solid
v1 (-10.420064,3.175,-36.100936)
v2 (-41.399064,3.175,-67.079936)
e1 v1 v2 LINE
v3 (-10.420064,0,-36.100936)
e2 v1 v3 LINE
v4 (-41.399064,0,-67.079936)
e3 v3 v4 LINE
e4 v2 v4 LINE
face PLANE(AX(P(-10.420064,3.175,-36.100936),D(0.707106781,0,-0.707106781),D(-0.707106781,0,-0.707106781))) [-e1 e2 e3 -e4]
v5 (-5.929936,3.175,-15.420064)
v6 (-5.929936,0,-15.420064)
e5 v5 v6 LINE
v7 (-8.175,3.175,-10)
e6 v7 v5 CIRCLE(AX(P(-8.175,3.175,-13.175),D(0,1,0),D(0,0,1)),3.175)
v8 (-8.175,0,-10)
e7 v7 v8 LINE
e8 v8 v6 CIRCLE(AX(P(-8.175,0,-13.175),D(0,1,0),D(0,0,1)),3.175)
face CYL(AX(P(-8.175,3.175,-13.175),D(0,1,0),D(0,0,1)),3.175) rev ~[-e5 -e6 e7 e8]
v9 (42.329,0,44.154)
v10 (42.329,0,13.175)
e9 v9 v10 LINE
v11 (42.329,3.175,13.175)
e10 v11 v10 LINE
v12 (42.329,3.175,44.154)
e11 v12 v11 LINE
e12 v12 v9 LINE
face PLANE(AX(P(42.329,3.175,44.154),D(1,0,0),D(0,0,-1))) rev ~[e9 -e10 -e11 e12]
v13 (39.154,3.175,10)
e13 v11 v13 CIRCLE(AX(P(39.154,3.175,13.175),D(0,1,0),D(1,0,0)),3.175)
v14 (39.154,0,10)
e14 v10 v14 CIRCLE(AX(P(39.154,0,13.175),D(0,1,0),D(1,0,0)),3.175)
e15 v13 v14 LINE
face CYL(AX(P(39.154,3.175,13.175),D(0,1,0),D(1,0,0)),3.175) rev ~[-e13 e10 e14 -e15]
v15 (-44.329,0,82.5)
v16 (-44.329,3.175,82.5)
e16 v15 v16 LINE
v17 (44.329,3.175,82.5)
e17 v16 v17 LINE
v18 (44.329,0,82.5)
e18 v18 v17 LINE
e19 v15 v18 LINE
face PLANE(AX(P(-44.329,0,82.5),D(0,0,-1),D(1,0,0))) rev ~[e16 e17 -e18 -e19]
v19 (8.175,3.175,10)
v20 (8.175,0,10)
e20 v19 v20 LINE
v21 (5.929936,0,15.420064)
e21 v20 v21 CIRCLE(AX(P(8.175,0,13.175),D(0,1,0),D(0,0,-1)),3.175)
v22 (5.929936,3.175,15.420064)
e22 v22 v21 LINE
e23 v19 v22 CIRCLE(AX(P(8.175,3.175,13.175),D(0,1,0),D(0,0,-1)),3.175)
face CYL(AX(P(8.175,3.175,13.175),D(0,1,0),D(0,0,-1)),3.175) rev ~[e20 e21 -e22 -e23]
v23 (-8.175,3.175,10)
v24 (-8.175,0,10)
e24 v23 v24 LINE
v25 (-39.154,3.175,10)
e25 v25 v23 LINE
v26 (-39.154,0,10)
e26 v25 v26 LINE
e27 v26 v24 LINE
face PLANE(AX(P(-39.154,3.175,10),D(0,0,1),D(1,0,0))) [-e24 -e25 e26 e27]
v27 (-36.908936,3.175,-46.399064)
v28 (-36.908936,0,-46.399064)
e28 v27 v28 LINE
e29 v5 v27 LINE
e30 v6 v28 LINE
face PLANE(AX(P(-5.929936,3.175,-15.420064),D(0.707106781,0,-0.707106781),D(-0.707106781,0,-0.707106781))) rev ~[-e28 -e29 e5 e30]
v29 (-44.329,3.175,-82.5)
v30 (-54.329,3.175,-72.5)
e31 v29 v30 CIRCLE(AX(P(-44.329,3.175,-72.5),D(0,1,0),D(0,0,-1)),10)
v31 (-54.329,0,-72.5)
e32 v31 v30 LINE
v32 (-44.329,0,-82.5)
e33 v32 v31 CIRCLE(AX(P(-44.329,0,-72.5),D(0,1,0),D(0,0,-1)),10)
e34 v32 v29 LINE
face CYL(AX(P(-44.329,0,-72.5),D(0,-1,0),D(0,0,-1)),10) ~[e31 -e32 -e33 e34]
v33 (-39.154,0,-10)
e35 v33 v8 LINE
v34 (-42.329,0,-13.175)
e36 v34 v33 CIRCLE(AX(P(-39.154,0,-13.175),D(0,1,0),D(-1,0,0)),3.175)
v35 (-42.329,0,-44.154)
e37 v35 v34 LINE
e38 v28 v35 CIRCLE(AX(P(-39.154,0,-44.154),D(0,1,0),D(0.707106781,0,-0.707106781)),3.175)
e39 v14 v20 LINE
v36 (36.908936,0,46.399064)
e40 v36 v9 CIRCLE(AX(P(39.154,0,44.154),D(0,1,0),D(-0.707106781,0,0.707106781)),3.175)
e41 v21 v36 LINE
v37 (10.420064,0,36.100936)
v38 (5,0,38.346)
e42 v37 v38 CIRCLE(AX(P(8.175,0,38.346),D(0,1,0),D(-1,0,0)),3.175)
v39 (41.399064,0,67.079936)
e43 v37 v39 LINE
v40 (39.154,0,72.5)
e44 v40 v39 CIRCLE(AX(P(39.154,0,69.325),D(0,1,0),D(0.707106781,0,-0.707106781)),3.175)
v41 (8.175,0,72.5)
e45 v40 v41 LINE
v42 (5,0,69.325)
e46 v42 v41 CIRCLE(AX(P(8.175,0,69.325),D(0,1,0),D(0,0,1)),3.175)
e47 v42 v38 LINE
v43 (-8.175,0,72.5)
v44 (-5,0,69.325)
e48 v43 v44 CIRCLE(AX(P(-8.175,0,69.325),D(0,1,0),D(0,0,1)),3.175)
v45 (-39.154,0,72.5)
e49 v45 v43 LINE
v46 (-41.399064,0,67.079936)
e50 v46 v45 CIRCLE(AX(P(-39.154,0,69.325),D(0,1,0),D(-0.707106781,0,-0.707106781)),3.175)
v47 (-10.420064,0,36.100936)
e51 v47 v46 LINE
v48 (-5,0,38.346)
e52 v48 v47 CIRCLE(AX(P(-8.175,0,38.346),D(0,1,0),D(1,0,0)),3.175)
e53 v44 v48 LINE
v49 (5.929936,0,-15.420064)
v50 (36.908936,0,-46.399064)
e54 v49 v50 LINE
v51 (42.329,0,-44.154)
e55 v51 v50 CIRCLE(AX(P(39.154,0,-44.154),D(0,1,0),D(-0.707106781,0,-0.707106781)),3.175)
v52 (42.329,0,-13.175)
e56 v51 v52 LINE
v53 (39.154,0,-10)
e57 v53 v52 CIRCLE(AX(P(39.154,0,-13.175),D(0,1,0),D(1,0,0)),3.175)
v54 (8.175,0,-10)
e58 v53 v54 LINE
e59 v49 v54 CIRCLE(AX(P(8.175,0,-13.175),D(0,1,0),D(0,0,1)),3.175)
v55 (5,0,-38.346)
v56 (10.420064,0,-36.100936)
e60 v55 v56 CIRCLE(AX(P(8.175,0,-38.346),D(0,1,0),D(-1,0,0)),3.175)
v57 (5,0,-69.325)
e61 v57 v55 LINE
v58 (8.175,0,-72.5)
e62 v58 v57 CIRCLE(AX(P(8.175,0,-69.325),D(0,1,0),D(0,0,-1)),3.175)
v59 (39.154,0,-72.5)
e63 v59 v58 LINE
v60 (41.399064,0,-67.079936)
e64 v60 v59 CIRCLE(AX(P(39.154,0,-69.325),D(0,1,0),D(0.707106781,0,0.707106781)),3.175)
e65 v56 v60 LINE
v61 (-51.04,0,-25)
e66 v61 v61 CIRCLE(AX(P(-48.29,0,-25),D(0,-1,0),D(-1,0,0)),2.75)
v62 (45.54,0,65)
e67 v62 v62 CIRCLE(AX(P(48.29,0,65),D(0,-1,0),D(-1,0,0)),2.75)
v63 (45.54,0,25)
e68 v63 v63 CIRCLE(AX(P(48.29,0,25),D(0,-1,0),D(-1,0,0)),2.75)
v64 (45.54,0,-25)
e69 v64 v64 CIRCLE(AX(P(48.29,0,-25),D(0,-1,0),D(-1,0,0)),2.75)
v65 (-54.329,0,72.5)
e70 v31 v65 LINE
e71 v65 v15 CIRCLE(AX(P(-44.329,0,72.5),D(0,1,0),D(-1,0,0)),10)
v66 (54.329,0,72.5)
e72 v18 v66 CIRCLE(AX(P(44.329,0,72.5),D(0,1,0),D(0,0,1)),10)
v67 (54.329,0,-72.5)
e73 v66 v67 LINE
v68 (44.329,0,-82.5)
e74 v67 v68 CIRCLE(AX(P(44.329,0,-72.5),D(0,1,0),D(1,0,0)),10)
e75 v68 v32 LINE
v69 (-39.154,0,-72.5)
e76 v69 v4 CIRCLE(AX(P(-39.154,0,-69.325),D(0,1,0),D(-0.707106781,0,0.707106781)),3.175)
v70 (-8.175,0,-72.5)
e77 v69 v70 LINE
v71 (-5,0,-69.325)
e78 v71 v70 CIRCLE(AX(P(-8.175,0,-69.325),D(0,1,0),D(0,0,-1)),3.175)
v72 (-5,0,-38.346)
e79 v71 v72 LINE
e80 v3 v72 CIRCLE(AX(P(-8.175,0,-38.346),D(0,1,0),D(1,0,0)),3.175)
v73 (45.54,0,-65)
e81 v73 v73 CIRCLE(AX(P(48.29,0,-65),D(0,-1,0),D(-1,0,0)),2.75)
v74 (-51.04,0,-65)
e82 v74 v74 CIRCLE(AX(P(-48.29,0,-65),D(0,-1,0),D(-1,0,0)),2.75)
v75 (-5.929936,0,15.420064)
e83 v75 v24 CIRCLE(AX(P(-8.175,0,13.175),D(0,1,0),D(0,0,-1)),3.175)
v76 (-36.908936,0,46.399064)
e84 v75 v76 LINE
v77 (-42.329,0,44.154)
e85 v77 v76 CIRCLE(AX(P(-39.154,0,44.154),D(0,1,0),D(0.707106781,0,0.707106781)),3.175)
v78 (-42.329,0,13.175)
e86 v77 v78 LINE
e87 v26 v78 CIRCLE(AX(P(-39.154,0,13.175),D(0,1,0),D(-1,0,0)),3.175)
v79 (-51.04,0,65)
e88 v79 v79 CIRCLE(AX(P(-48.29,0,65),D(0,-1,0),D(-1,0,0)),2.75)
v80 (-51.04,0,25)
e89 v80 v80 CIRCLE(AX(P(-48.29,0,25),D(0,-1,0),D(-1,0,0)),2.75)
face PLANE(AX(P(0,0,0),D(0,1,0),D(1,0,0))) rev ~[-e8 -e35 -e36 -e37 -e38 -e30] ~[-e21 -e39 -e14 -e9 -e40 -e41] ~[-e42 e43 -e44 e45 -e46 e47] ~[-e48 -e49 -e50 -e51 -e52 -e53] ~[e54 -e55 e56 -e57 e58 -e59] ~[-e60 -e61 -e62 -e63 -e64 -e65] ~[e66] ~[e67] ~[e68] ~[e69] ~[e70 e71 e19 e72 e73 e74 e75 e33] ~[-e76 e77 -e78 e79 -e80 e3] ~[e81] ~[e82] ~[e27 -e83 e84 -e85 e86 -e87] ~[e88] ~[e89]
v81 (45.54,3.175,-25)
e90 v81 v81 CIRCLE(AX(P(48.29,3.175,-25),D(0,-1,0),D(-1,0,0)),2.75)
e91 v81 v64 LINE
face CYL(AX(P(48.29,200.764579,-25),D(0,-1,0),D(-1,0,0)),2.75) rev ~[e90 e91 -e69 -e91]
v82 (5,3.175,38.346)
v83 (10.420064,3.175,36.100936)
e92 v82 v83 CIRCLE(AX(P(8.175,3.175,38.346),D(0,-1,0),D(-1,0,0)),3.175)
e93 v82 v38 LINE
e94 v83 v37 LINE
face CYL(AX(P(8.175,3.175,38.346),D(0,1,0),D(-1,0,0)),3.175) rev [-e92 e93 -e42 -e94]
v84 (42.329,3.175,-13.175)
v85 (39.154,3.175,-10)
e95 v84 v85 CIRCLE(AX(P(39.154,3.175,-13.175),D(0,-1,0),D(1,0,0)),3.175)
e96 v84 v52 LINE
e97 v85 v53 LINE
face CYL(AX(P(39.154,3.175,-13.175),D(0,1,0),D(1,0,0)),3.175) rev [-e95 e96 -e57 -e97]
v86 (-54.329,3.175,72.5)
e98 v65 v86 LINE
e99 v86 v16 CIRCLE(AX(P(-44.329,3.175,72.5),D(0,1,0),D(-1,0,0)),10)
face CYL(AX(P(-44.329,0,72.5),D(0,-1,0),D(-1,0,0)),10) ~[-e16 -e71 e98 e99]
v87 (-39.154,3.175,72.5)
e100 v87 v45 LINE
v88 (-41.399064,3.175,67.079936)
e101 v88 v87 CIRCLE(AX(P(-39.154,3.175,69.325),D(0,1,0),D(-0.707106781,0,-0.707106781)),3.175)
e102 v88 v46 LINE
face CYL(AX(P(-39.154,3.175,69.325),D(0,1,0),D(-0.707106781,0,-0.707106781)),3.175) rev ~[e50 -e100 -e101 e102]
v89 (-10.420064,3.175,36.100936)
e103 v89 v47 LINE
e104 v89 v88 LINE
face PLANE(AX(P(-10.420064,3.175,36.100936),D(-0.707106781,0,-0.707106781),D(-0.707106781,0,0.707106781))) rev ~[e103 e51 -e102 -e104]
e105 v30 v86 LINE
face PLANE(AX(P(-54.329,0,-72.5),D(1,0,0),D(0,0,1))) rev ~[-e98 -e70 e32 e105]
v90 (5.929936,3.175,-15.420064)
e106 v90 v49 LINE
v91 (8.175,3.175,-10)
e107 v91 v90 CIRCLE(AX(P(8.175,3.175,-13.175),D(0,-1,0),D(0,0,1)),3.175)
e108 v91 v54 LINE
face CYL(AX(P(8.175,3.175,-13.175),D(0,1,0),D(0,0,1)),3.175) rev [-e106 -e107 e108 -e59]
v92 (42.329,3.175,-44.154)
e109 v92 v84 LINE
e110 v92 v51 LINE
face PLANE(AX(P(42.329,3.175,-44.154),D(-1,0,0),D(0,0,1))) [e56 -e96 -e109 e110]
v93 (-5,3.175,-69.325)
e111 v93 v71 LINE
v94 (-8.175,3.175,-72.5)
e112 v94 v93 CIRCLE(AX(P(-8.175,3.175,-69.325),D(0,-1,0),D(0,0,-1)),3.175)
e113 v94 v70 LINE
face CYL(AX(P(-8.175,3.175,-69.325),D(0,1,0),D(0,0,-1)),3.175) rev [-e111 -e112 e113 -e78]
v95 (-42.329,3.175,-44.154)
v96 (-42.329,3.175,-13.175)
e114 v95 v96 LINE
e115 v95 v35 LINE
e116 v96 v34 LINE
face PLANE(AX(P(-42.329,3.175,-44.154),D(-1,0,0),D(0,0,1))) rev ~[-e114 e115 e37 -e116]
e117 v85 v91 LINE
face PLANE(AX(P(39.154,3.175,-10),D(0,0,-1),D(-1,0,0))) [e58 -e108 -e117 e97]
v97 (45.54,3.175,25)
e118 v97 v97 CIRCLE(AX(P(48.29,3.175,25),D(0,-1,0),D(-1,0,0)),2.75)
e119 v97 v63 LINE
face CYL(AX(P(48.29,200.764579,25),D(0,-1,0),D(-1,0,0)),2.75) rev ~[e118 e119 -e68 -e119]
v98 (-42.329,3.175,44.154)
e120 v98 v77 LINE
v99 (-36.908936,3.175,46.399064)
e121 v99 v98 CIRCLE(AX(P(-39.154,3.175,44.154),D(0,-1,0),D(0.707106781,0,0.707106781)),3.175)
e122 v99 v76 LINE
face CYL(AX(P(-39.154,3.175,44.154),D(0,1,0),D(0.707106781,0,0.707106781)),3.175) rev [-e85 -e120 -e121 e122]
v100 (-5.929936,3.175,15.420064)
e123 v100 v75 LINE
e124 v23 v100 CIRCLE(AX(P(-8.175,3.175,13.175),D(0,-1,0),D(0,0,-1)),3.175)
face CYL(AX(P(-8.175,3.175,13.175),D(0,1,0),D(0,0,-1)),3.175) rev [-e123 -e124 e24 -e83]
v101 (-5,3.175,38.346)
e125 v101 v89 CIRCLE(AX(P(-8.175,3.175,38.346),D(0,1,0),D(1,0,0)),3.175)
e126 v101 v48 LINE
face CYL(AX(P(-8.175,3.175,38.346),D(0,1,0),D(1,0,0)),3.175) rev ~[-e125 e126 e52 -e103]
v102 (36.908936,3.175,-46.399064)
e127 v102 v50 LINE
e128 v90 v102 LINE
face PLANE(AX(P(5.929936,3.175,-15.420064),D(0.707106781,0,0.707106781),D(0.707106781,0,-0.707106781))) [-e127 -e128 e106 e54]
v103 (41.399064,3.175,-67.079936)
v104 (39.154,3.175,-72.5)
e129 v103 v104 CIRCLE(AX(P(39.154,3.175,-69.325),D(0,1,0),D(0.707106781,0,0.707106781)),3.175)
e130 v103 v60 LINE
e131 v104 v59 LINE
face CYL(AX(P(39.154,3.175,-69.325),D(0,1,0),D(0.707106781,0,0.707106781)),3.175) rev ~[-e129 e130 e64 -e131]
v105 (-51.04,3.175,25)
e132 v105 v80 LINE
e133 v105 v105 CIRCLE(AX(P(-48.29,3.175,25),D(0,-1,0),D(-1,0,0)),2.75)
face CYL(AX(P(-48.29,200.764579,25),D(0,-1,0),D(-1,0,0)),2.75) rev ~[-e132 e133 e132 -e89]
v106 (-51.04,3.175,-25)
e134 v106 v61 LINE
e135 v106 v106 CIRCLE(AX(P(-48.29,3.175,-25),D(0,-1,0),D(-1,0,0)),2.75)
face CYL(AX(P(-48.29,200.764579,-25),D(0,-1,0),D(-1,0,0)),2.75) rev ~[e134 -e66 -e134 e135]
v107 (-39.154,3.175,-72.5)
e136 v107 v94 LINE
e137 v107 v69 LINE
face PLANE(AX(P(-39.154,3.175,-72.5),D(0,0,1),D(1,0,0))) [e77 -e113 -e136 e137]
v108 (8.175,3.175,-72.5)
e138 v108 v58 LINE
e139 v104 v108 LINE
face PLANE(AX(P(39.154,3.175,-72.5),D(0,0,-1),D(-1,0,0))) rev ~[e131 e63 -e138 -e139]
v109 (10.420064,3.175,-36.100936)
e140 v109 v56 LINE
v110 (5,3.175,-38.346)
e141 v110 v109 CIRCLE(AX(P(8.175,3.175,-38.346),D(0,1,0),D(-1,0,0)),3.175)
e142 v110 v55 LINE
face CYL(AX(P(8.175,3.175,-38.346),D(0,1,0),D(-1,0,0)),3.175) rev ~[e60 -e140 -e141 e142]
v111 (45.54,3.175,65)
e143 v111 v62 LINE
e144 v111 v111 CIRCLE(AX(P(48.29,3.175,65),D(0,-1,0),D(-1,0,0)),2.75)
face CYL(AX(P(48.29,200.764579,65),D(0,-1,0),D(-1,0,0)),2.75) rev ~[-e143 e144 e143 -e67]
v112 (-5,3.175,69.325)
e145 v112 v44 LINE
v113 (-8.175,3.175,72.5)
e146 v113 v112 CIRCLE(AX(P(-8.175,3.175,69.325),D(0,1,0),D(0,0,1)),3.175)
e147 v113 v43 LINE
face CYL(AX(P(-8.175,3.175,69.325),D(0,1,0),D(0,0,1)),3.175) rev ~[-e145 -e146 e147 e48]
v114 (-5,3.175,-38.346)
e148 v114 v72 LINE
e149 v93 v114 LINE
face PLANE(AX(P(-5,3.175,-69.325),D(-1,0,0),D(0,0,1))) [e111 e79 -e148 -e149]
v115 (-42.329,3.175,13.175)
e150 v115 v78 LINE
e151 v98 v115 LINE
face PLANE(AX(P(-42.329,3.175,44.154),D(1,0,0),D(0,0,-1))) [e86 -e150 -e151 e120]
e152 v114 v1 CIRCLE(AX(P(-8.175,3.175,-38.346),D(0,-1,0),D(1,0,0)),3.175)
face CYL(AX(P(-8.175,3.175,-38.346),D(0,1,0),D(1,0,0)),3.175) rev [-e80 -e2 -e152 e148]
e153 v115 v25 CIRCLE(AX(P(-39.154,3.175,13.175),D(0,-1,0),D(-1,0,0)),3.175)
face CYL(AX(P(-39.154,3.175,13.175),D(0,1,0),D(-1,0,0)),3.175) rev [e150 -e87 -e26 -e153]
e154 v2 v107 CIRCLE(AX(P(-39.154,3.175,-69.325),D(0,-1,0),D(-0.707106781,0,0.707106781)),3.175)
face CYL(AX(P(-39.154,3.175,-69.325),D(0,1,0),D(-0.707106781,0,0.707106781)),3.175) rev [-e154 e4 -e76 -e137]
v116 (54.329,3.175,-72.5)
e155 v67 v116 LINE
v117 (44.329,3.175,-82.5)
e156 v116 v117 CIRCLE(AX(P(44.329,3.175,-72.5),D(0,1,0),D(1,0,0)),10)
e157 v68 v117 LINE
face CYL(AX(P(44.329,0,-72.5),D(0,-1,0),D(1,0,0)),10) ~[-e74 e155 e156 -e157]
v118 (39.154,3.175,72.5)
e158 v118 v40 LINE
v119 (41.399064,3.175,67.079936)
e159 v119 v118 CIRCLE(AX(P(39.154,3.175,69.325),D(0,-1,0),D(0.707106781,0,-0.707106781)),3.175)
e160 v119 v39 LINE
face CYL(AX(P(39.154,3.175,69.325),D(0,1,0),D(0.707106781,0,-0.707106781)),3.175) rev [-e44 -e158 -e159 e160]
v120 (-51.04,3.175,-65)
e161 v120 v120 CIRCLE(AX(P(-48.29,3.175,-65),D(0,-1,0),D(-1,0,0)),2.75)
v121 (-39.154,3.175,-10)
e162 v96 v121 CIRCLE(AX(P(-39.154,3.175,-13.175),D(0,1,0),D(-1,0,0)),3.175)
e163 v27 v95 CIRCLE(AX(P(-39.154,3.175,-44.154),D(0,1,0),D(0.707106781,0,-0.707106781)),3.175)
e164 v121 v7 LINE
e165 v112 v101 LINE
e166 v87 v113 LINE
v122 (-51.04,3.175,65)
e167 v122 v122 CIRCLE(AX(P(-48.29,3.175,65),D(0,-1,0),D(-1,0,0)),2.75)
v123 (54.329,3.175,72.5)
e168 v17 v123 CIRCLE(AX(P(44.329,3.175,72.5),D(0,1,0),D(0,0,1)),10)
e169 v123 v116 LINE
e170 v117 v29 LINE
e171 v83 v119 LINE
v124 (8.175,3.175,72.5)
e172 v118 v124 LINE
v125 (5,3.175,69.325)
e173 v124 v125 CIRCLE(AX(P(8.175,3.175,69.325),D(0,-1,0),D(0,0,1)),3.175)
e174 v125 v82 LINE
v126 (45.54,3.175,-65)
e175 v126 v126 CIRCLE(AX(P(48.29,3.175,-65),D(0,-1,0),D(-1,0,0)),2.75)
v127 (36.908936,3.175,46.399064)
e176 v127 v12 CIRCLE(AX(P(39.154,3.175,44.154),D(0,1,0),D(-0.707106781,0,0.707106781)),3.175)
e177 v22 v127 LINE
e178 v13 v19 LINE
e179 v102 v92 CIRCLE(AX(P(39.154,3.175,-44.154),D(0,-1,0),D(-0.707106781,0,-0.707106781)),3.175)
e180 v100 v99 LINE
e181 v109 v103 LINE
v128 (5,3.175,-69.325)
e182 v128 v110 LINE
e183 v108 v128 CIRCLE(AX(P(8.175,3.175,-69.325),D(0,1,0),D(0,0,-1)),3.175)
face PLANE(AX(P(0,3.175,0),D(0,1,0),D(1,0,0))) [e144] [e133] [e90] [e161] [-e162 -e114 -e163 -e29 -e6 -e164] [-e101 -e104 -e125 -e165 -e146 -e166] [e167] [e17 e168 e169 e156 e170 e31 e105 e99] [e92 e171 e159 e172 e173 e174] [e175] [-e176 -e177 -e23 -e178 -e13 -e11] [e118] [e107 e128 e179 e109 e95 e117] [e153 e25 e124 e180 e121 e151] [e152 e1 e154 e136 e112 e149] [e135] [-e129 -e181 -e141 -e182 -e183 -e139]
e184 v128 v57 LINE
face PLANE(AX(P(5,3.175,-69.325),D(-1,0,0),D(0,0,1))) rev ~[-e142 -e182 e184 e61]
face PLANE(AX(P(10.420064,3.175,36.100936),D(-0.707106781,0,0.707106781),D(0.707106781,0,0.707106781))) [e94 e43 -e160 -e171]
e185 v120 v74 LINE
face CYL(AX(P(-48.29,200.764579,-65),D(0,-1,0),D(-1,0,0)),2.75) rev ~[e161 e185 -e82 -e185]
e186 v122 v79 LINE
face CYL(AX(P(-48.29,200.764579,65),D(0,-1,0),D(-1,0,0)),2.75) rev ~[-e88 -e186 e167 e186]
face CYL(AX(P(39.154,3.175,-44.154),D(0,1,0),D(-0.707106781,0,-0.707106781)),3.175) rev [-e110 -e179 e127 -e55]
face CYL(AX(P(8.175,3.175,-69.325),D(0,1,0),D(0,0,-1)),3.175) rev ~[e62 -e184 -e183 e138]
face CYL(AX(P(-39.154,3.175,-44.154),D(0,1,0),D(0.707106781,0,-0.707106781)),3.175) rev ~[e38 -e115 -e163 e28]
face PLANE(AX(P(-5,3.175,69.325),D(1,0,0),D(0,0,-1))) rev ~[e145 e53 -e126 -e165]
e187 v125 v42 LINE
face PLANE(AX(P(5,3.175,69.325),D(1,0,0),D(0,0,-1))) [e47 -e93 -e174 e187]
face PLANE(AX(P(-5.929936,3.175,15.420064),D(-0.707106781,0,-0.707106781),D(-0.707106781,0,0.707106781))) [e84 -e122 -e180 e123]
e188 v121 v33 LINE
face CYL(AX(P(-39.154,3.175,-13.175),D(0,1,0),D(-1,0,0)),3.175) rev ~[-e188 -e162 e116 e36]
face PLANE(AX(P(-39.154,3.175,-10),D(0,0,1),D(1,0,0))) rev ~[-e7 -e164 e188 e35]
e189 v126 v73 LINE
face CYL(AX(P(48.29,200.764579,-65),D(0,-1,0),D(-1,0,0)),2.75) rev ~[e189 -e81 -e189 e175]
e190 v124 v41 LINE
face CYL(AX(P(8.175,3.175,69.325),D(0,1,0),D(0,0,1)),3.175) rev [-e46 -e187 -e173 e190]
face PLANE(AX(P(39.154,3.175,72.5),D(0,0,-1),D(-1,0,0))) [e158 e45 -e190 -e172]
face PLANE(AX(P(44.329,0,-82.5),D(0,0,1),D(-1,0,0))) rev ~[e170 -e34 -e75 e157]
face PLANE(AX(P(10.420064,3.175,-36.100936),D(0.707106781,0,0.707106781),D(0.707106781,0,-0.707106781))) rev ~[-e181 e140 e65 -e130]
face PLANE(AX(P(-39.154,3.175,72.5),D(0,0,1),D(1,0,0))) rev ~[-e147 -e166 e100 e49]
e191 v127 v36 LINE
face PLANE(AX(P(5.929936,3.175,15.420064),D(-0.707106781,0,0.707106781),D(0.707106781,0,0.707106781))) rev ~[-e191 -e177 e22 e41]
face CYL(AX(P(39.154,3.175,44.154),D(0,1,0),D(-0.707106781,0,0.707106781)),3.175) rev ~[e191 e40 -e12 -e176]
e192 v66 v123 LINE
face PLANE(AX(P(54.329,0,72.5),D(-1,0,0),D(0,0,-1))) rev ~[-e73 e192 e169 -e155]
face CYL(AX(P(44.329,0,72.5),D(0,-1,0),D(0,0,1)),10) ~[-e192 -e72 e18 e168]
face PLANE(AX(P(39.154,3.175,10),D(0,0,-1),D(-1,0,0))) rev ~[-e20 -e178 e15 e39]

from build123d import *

# Parameters (mm, degrees)
BOSS_EXTRUDE1_DEPTH  = 3.175
M5_CLEARANCE_HOLE1_D = 5.5
CUT_EXTRUDE1_DEPTH   = 99.833045415


with BuildPart() as part:
    # Sketch1 → Boss-Extrude1 (new body)
    with BuildSketch(Plane(origin=(0, 0, 0), x_dir=(1, 0, 0), z_dir=(0, 1, 0))):
        with BuildLine():
            Line((-44.329, -82.5), (44.329, -82.5))
            ThreePointArc((44.329, -82.5), (51.400067812, -79.571067812), (54.329, -72.5))
            Line((54.329, -72.5), (54.329, 72.5))
            ThreePointArc((54.329, 72.5), (51.400067812, 79.571067812), (44.329, 82.5))
            Line((44.329, 82.5), (-44.329, 82.5))
            ThreePointArc((-44.329, 82.5), (-51.400067812, 79.571067812), (-54.329, 72.5))
            Line((-54.329, 72.5), (-54.329, -72.5))
            ThreePointArc((-54.329, -72.5), (-51.400067812, -79.571067812), (-44.329, -82.5))
        make_face()
    extrude(amount=BOSS_EXTRUDE1_DEPTH)

    # M5 Clearance Hole1 (through all)
    with Locations(Plane(origin=(0, 3.175, 0), x_dir=(1, 0, 0), z_dir=(0, 1, 0))):
        with Locations((-48.29, 65), (-48.29, -65), (48.29, -65), (48.29, 65), (-48.29, 25), (-48.29, -25), (48.29, 25), (48.29, -25)):
            Hole(M5_CLEARANCE_HOLE1_D / 2)

    # Sketch4 → Cut-Extrude1 (cut, through all)
    with BuildSketch(Plane(origin=(0, 3.175, 0), x_dir=(1, 0, 0), z_dir=(0, 1, 0))):
        with BuildLine():
            Line((-42.329, 44.154), (-42.329, 13.175))
            ThreePointArc((-42.329, 13.175), (-41.39906403, 10.92993597), (-39.154, 10))
            Line((-39.154, 10), (-8.175, 10))
            ThreePointArc((-8.175, 10), (-5.241682484, 11.959980102), (-5.92993597, 15.42006403))
            Line((-5.92993597, 15.42006403), (-36.90893597, 46.39906403))
            ThreePointArc((-36.90893597, 46.39906403), (-40.369019898, 47.087317516), (-42.329, 44.154))
        make_face()
        with BuildLine():
            Line((39.154, 72.5), (8.175, 72.5))
            ThreePointArc((8.175, 72.5), (5.92993597, 71.57006403), (5, 69.325))
            Line((5, 69.325), (5, 38.346))
            ThreePointArc((5, 38.346), (6.959980102, 35.412682484), (10.42006403, 36.10093597))
            Line((10.42006403, 36.10093597), (41.39906403, 67.07993597))
            ThreePointArc((41.39906403, 67.07993597), (42.087317516, 70.540019898), (39.154, 72.5))
        make_face()
        with BuildLine():
            Line((-5, 69.325), (-5, 38.346))
            ThreePointArc((-5, 38.346), (-6.959980102, 35.412682484), (-10.42006403, 36.10093597))
            Line((-10.42006403, 36.10093597), (-41.39906403, 67.07993597))
            ThreePointArc((-41.39906403, 67.07993597), (-42.087317516, 70.540019898), (-39.154, 72.5))
            Line((-39.154, 72.5), (-8.175, 72.5))
            ThreePointArc((-8.175, 72.5), (-5.92993597, 71.57006403), (-5, 69.325))
        make_face()
        with BuildLine():
            Line((5.92993597, 15.42006403), (36.90893597, 46.39906403))
            ThreePointArc((36.90893597, 46.39906403), (40.369019898, 47.087317516), (42.329, 44.154))
            Line((42.329, 44.154), (42.329, 13.175))
            ThreePointArc((42.329, 13.175), (41.39906403, 10.92993597), (39.154, 10))
            Line((39.154, 10), (8.175, 10))
            ThreePointArc((8.175, 10), (5.241682484, 11.959980102), (5.92993597, 15.42006403))
        make_face()
        with BuildLine():
            Line((42.329, -44.154), (42.329, -13.175))
            ThreePointArc((42.329, -13.175), (41.39906403, -10.92993597), (39.154, -10))
            Line((39.154, -10), (8.175, -10))
            ThreePointArc((8.175, -10), (5.241682484, -11.959980102), (5.92993597, -15.42006403))
            Line((5.92993597, -15.42006403), (36.90893597, -46.39906403))
            ThreePointArc((36.90893597, -46.39906403), (40.369019898, -47.087317516), (42.329, -44.154))
        make_face()
        with BuildLine():
            Line((5, -69.325), (5, -38.346))
            ThreePointArc((5, -38.346), (6.959980102, -35.412682484), (10.42006403, -36.10093597))
            Line((10.42006403, -36.10093597), (41.39906403, -67.07993597))
            ThreePointArc((41.39906403, -67.07993597), (42.087317516, -70.540019898), (39.154, -72.5))
            Line((39.154, -72.5), (8.175, -72.5))
            ThreePointArc((8.175, -72.5), (5.92993597, -71.57006403), (5, -69.325))
        make_face()
        with BuildLine():
            Line((-39.154, -72.5), (-8.175, -72.5))
            ThreePointArc((-8.175, -72.5), (-5.92993597, -71.57006403), (-5, -69.325))
            Line((-5, -69.325), (-5, -38.346))
            ThreePointArc((-5, -38.346), (-6.959980102, -35.412682484), (-10.42006403, -36.10093597))
            Line((-10.42006403, -36.10093597), (-41.39906403, -67.07993597))
            ThreePointArc((-41.39906403, -67.07993597), (-42.087317516, -70.540019898), (-39.154, -72.5))
        make_face()
        with BuildLine():
            Line((-5.92993597, -15.42006403), (-36.90893597, -46.39906403))
            ThreePointArc((-36.90893597, -46.39906403), (-40.369019898, -47.087317516), (-42.329, -44.154))
            Line((-42.329, -44.154), (-42.329, -13.175))
            ThreePointArc((-42.329, -13.175), (-41.39906403, -10.92993597), (-39.154, -10))
            Line((-39.154, -10), (-8.175, -10))
            ThreePointArc((-8.175, -10), (-5.241682484, -11.959980102), (-5.92993597, -15.42006403))
        make_face()
    extrude(amount=-CUT_EXTRUDE1_DEPTH, mode=Mode.SUBTRACT)


solid = part.part
